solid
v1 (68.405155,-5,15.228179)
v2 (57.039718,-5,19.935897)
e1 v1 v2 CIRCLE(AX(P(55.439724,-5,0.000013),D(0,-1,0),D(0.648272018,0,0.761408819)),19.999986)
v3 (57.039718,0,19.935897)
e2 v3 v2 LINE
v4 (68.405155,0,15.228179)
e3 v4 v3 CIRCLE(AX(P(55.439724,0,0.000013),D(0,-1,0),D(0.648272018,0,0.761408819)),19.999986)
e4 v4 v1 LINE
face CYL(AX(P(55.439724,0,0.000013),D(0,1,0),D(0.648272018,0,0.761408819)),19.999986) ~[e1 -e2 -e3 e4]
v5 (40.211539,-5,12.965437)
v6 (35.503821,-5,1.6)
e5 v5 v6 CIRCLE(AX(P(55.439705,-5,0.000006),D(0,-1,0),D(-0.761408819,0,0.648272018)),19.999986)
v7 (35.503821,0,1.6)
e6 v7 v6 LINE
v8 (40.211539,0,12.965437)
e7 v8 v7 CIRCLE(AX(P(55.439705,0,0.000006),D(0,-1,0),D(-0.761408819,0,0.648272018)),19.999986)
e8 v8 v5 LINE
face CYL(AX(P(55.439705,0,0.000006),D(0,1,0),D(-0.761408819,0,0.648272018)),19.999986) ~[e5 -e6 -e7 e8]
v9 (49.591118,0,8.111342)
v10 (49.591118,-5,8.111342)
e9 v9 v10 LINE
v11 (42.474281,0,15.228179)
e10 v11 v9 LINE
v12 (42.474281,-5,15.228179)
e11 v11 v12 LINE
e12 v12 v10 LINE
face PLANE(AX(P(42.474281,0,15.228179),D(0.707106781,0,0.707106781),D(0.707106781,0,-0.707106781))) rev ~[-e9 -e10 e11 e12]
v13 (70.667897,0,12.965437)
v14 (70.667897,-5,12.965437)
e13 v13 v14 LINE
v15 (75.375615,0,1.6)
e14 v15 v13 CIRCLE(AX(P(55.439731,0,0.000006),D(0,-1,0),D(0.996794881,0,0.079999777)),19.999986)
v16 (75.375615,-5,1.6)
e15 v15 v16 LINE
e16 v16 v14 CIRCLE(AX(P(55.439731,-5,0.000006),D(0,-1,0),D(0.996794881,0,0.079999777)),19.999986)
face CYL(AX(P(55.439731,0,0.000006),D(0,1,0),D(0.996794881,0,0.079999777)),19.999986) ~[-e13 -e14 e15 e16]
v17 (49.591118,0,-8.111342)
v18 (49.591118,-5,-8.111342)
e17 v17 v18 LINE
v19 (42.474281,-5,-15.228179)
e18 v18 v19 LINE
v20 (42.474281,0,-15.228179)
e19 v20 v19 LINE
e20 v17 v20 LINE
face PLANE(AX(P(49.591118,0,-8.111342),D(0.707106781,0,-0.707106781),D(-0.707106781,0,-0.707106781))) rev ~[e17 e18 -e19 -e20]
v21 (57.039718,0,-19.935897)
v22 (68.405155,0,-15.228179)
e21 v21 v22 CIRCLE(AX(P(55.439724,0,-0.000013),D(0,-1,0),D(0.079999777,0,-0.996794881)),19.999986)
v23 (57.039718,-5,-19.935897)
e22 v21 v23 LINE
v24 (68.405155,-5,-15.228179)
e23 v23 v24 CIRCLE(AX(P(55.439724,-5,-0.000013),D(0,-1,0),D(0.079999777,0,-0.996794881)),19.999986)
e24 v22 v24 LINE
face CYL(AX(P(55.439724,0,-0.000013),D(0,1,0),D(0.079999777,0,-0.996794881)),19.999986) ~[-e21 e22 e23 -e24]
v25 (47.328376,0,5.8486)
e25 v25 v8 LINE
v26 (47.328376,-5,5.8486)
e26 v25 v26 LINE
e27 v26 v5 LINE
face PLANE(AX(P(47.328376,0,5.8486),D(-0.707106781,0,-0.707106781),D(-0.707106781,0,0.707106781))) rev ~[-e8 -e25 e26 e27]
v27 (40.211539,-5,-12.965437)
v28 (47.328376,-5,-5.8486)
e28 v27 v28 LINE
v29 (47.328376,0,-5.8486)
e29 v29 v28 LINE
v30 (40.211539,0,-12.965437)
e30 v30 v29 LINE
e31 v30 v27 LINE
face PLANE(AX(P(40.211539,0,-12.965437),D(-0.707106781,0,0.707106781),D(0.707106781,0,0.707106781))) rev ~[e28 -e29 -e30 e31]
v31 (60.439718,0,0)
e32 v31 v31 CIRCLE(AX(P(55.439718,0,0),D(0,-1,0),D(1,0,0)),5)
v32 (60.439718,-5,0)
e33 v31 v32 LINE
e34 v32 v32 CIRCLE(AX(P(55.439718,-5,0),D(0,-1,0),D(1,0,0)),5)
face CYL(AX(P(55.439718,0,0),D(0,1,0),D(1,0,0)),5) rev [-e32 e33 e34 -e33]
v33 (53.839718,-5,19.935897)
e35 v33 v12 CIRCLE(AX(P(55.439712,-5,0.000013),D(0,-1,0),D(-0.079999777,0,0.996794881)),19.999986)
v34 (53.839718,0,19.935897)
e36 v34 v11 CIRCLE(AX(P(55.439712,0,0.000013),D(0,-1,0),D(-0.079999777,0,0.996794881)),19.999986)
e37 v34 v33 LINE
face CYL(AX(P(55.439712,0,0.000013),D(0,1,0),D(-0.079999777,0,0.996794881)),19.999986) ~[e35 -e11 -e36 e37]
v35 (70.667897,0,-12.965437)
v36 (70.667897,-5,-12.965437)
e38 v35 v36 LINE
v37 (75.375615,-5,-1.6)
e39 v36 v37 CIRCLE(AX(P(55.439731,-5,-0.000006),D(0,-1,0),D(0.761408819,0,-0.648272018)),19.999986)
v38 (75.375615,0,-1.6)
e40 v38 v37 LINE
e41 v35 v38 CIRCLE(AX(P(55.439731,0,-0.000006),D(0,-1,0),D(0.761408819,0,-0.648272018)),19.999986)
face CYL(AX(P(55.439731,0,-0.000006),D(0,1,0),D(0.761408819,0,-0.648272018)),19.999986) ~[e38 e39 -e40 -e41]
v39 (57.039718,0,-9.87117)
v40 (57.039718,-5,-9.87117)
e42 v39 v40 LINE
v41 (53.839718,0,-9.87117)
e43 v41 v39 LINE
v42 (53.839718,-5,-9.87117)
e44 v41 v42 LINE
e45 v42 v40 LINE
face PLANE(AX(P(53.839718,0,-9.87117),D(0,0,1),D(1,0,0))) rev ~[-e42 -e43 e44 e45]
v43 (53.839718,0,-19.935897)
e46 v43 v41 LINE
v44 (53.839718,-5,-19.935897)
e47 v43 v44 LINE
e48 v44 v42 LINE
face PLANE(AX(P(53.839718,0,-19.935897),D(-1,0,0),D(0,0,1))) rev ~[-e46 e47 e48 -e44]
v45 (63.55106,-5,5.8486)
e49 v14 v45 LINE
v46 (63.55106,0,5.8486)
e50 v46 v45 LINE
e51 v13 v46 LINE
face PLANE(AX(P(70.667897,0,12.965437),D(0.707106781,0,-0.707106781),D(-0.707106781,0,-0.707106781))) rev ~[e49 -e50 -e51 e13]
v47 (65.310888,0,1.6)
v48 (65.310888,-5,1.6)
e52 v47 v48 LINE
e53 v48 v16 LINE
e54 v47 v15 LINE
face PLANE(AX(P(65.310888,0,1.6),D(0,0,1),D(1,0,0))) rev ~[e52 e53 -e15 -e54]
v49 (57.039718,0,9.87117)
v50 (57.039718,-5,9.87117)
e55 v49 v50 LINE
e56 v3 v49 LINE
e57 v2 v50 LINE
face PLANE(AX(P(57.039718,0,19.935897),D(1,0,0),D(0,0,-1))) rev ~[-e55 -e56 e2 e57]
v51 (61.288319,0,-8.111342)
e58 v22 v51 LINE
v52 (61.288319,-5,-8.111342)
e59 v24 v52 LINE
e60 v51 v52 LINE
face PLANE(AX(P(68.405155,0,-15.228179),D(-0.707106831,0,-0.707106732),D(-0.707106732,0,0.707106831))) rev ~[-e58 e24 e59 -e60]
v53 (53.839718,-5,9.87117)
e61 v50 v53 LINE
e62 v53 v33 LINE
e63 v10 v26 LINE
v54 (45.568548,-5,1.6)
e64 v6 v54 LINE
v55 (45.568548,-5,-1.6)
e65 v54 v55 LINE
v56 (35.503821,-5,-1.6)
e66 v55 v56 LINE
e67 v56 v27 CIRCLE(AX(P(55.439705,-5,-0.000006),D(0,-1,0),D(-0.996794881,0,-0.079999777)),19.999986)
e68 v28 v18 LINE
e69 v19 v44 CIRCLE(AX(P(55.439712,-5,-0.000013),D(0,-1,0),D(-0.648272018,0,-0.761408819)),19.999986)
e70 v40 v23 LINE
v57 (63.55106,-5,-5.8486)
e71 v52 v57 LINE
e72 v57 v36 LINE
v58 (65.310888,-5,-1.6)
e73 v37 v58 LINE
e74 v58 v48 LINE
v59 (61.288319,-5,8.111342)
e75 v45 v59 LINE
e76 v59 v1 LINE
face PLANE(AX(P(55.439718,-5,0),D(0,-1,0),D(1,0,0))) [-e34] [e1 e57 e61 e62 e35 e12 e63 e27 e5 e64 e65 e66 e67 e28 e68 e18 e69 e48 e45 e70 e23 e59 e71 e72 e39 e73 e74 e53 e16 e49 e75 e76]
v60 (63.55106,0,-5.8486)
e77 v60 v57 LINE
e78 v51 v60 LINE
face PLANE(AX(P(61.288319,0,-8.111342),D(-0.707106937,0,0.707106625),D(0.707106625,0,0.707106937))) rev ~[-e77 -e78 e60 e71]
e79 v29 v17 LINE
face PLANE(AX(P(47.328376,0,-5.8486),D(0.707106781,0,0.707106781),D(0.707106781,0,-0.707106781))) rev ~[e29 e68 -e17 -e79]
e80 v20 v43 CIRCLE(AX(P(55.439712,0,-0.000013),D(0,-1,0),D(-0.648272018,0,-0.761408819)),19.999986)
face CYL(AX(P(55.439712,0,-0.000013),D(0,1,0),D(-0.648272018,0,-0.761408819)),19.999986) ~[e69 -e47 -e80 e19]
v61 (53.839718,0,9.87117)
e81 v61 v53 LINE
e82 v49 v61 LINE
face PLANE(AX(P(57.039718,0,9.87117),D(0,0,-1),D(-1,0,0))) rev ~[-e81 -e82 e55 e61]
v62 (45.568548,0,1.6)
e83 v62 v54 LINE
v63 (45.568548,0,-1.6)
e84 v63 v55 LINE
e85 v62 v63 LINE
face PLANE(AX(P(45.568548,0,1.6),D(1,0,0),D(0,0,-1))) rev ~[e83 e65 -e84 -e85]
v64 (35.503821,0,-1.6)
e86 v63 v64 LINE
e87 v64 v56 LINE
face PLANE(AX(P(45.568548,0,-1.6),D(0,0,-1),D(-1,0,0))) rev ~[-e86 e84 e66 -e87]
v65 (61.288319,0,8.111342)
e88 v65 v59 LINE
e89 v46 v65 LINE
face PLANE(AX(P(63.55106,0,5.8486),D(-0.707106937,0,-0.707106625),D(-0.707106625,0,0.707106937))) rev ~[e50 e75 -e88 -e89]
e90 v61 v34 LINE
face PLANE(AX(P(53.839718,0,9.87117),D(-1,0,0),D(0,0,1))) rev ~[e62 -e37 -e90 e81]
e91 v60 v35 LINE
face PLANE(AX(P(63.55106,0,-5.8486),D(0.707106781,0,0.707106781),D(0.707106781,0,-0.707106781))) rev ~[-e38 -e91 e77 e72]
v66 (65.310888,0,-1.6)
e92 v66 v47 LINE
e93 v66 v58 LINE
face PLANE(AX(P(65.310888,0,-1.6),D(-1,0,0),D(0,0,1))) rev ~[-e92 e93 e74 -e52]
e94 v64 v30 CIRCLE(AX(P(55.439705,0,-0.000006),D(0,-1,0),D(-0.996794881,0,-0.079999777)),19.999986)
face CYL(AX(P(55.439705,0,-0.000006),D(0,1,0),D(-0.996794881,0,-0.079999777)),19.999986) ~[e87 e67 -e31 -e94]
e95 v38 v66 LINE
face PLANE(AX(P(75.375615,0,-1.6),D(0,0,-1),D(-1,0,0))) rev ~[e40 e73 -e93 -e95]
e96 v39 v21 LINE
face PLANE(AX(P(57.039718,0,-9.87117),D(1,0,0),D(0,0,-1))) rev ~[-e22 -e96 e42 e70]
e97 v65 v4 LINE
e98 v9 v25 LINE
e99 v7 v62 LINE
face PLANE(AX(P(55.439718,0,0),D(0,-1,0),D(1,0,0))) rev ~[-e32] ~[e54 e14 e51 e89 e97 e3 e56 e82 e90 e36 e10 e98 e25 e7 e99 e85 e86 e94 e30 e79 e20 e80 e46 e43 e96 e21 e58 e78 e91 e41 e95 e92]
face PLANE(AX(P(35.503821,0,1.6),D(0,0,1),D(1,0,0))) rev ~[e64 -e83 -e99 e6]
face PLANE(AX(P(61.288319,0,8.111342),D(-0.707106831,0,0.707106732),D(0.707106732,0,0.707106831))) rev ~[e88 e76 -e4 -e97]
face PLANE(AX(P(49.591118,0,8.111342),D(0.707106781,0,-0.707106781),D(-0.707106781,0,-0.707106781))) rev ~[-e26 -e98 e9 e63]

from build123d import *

# Parameters (mm, degrees)
F0_R     = 5
F1_DEPTH = 5
F2_DEPTH = 5


with BuildPart() as f1:
    # F0 (on Front) → F1 (new body)
    with BuildSketch(Plane.XZ):
        with BuildLine():
            Line((53.839718, 9.87117), (53.839718, 19.935897))
            ThreePointArc((53.839718, 19.935897), (47.786049, 18.477591), (42.474281, 15.228179))
            Line((42.474281, 15.228179), (49.591118, 8.111342))
            Line((49.591118, 8.111342), (47.328376, 5.8486))
            Line((47.328376, 5.8486), (40.211539, 12.965437))
            ThreePointArc((40.211539, 12.965437), (36.962127, 7.653669), (35.503821, 1.6))
            Line((35.503821, 1.6), (45.568548, 1.6))
            Line((45.568548, 1.6), (45.568548, -1.6))
            Line((45.568548, -1.6), (35.503821, -1.6))
            ThreePointArc((35.503821, -1.6), (36.962127, -7.653669), (40.211539, -12.965437))
            Line((40.211539, -12.965437), (47.328376, -5.8486))
            Line((47.328376, -5.8486), (49.591118, -8.111342))
            Line((49.591118, -8.111342), (42.474281, -15.228179))
            ThreePointArc((42.474281, -15.228179), (47.786049, -18.477591), (53.839718, -19.935897))
            Line((53.839718, -19.935897), (53.839718, -9.87117))
            Line((53.839718, -9.87117), (57.039718, -9.87117))
            Line((57.039718, -9.87117), (57.039718, -19.935897))
            ThreePointArc((57.039718, -19.935897), (63.093387, -18.477591), (68.405155, -15.228179))
            Line((68.405155, -15.228179), (61.288319, -8.111342))
            Line((61.288319, -8.111342), (63.55106, -5.8486))
            Line((63.55106, -5.8486), (70.667897, -12.965437))
            ThreePointArc((70.667897, -12.965437), (73.917309, -7.653669), (75.375615, -1.6))
            Line((75.375615, -1.6), (65.310888, -1.6))
            Line((65.310888, -1.6), (65.310888, 1.6))
            Line((65.310888, 1.6), (75.375615, 1.6))
            ThreePointArc((75.375615, 1.6), (73.917309, 7.653669), (70.667897, 12.965437))
            Line((70.667897, 12.965437), (63.55106, 5.8486))
            Line((63.55106, 5.8486), (61.288319, 8.111342))
            Line((61.288319, 8.111342), (68.405155, 15.228179))
            ThreePointArc((68.405155, 15.228179), (63.093387, 18.477591), (57.039718, 19.935897))
            Line((57.039718, 19.935897), (57.039718, 9.87117))
            Line((57.039718, 9.87117), (53.839718, 9.87117))
        make_face()
        with Locations((55.439718, 0)):
            Circle(F0_R, mode=Mode.SUBTRACT)
    extrude(amount=F1_DEPTH)

    # F0 (on Front) → F2 (join)
    with BuildSketch(Plane.XZ):
        with BuildLine():
            Line((53.839718, 9.87117), (53.839718, 19.935897))
            ThreePointArc((53.839718, 19.935897), (47.786049, 18.477591), (42.474281, 15.228179))
            Line((42.474281, 15.228179), (49.591118, 8.111342))
            Line((49.591118, 8.111342), (47.328376, 5.8486))
            Line((47.328376, 5.8486), (40.211539, 12.965437))
            ThreePointArc((40.211539, 12.965437), (36.962127, 7.653669), (35.503821, 1.6))
            Line((35.503821, 1.6), (45.568548, 1.6))
            Line((45.568548, 1.6), (45.568548, -1.6))
            Line((45.568548, -1.6), (35.503821, -1.6))
            ThreePointArc((35.503821, -1.6), (36.962127, -7.653669), (40.211539, -12.965437))
            Line((40.211539, -12.965437), (47.328376, -5.8486))
            Line((47.328376, -5.8486), (49.591118, -8.111342))
            Line((49.591118, -8.111342), (42.474281, -15.228179))
            ThreePointArc((42.474281, -15.228179), (47.786049, -18.477591), (53.839718, -19.935897))
            Line((53.839718, -19.935897), (53.839718, -9.87117))
            Line((53.839718, -9.87117), (57.039718, -9.87117))
            Line((57.039718, -9.87117), (57.039718, -19.935897))
            ThreePointArc((57.039718, -19.935897), (63.093387, -18.477591), (68.405155, -15.228179))
            Line((68.405155, -15.228179), (61.288319, -8.111342))
            Line((61.288319, -8.111342), (63.55106, -5.8486))
            Line((63.55106, -5.8486), (70.667897, -12.965437))
            ThreePointArc((70.667897, -12.965437), (73.917309, -7.653669), (75.375615, -1.6))
            Line((75.375615, -1.6), (65.310888, -1.6))
            Line((65.310888, -1.6), (65.310888, 1.6))
            Line((65.310888, 1.6), (75.375615, 1.6))
            ThreePointArc((75.375615, 1.6), (73.917309, 7.653669), (70.667897, 12.965437))
            Line((70.667897, 12.965437), (63.55106, 5.8486))
            Line((63.55106, 5.8486), (61.288319, 8.111342))
            Line((61.288319, 8.111342), (68.405155, 15.228179))
            ThreePointArc((68.405155, 15.228179), (63.093387, 18.477591), (57.039718, 19.935897))
            Line((57.039718, 19.935897), (57.039718, 9.87117))
            Line((57.039718, 9.87117), (53.839718, 9.87117))
        make_face()
        with Locations((55.439718, 0)):
            Circle(F0_R, mode=Mode.SUBTRACT)
    extrude(amount=F2_DEPTH)


solid = f1.part
